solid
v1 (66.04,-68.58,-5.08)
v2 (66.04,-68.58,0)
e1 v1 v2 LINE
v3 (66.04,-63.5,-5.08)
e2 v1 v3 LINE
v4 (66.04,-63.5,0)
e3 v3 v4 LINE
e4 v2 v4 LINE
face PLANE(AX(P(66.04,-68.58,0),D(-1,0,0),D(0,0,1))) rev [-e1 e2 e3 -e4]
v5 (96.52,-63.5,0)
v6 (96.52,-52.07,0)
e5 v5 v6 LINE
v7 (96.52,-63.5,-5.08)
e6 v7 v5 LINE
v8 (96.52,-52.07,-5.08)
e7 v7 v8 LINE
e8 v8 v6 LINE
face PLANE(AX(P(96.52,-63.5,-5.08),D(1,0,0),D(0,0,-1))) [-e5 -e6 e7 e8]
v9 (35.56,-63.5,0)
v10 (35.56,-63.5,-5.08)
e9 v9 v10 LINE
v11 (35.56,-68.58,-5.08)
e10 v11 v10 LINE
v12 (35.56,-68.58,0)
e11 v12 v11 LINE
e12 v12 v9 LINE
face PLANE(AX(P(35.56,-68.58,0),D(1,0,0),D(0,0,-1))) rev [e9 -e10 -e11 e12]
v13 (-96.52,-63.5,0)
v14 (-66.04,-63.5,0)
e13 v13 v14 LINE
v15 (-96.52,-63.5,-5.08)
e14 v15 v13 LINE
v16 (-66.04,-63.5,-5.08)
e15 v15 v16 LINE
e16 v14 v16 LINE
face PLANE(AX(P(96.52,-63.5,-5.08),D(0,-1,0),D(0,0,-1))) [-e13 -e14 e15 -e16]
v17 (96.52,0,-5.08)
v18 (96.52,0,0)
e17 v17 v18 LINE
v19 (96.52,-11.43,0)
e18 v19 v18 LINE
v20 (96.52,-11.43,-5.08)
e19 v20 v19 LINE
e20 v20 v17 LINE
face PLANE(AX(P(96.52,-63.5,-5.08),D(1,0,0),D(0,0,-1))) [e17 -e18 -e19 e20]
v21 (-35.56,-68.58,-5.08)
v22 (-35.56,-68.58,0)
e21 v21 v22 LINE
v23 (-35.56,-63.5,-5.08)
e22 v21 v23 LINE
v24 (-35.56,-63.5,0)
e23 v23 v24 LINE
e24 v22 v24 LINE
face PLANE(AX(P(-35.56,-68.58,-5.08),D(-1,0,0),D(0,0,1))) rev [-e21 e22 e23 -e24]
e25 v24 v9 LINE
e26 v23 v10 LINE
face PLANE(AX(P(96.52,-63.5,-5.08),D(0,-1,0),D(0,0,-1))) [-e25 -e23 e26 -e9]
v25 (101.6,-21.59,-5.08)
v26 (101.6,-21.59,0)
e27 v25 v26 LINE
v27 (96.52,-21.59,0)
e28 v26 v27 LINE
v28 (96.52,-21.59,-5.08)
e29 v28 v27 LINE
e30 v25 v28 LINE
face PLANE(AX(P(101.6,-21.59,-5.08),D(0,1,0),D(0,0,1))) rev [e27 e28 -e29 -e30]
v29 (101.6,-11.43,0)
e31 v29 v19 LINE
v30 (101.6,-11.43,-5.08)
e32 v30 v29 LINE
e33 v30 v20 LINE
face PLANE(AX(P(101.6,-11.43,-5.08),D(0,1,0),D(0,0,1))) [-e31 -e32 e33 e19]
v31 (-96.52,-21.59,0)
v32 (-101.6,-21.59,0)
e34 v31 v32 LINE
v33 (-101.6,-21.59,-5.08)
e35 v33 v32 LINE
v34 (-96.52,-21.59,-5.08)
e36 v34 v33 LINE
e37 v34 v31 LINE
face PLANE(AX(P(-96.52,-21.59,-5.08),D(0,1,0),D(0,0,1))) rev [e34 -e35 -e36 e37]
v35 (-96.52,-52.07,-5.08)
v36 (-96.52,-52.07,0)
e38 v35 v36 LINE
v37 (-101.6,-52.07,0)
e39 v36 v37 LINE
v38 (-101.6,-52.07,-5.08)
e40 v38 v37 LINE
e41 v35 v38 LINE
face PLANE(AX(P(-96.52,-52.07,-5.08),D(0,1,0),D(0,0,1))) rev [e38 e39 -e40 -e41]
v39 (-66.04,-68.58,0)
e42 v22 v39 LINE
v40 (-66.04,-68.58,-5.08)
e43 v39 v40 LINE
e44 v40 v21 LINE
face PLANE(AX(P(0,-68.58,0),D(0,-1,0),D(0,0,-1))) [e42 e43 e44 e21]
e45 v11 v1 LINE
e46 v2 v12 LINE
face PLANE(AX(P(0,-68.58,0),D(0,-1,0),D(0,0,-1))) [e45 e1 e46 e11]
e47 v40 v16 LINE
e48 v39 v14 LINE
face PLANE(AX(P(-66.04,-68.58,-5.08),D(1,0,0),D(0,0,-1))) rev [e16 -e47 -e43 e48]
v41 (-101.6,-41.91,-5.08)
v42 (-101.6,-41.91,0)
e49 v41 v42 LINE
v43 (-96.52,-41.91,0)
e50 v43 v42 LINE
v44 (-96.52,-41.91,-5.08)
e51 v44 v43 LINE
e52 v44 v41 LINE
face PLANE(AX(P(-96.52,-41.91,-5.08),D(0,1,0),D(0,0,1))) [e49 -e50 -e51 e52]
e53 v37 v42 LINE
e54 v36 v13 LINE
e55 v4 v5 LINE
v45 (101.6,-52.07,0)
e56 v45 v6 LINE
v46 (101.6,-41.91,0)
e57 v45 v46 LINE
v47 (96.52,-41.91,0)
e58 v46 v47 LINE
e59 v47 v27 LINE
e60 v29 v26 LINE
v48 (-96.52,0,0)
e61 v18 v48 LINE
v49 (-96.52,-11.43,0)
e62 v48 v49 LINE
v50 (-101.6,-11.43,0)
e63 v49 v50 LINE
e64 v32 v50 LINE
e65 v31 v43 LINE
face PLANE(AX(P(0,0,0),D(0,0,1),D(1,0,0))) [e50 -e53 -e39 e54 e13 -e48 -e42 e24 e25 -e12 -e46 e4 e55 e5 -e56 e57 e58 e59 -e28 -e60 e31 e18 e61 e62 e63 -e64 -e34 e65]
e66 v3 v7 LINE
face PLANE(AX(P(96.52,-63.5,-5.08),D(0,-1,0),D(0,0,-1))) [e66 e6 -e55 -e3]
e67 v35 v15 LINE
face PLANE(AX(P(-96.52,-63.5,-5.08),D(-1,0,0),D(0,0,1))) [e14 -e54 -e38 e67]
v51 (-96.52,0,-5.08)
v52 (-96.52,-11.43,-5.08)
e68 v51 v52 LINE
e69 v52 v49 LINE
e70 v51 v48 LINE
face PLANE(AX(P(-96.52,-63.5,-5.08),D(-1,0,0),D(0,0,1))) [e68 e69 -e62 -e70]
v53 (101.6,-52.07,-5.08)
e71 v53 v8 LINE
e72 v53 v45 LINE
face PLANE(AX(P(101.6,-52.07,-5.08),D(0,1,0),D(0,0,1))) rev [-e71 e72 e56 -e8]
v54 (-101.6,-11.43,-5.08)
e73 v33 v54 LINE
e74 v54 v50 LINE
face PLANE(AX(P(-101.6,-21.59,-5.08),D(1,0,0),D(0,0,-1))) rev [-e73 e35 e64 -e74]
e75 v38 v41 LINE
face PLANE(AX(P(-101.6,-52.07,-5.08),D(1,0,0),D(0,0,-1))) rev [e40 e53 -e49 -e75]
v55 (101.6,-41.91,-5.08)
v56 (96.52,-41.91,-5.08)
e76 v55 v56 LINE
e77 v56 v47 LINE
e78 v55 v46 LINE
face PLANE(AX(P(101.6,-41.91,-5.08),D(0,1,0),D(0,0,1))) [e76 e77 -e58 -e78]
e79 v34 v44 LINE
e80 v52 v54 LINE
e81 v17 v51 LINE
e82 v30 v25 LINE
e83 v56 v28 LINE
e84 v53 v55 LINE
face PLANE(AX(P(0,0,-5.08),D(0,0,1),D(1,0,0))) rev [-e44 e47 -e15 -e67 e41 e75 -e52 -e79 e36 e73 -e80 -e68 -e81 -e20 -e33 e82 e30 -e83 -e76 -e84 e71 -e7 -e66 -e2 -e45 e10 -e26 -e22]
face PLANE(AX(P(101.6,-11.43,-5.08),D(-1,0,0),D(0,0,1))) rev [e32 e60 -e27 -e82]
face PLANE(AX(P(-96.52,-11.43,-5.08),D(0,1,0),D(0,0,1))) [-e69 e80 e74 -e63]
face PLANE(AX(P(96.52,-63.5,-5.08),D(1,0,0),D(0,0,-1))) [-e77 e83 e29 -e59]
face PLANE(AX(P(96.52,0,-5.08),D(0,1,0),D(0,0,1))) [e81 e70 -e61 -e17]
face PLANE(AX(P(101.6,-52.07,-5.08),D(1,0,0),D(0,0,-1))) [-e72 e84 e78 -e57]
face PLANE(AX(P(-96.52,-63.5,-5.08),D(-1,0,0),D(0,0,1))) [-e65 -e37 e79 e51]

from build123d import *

# Parameters (mm, degrees)
SKETCH1_W           = 193.04
SKETCH1_H           = 63.5
BOSS_EXTRUDE1_DEPTH = 5.08
SKETCH2_W           = 5.08
SKETCH2_H           = 10.16
BOSS_EXTRUDE2_DEPTH = 5.08
SKETCH3_W           = 30.48
SKETCH3_H           = 5.08
BOSS_EXTRUDE3_DEPTH = 5.08


with BuildPart() as part:
    # Sketch1 → Boss-Extrude1 (new body)
    with BuildSketch(Plane.XY):
        with Locations((0, -31.75)):
            Rectangle(SKETCH1_W, SKETCH1_H)
    extrude(amount=-BOSS_EXTRUDE1_DEPTH)

    # Sketch2 → Boss-Extrude2 (add)
    with BuildSketch(Plane.XY):
        with Locations((99.06, -46.99)):
            Rectangle(SKETCH2_W, SKETCH2_H)
        with Locations((99.06, -16.51)):
            Rectangle(SKETCH2_W, SKETCH2_H)
        with Locations((-99.06, -46.99)):
            Rectangle(SKETCH2_W, SKETCH2_H)
        with Locations((-99.06, -16.51)):
            Rectangle(SKETCH2_W, SKETCH2_H)
    extrude(amount=-BOSS_EXTRUDE2_DEPTH)

    # Sketch3 → Boss-Extrude3 (add)
    with BuildSketch(Plane.XZ.offset(63.5)):
        with Locations((50.8, -2.54)):
            Rectangle(SKETCH3_W, SKETCH3_H)
        with Locations((-50.8, -2.54)):
            Rectangle(SKETCH3_W, SKETCH3_H)
    extrude(amount=BOSS_EXTRUDE3_DEPTH)


solid = part.part
